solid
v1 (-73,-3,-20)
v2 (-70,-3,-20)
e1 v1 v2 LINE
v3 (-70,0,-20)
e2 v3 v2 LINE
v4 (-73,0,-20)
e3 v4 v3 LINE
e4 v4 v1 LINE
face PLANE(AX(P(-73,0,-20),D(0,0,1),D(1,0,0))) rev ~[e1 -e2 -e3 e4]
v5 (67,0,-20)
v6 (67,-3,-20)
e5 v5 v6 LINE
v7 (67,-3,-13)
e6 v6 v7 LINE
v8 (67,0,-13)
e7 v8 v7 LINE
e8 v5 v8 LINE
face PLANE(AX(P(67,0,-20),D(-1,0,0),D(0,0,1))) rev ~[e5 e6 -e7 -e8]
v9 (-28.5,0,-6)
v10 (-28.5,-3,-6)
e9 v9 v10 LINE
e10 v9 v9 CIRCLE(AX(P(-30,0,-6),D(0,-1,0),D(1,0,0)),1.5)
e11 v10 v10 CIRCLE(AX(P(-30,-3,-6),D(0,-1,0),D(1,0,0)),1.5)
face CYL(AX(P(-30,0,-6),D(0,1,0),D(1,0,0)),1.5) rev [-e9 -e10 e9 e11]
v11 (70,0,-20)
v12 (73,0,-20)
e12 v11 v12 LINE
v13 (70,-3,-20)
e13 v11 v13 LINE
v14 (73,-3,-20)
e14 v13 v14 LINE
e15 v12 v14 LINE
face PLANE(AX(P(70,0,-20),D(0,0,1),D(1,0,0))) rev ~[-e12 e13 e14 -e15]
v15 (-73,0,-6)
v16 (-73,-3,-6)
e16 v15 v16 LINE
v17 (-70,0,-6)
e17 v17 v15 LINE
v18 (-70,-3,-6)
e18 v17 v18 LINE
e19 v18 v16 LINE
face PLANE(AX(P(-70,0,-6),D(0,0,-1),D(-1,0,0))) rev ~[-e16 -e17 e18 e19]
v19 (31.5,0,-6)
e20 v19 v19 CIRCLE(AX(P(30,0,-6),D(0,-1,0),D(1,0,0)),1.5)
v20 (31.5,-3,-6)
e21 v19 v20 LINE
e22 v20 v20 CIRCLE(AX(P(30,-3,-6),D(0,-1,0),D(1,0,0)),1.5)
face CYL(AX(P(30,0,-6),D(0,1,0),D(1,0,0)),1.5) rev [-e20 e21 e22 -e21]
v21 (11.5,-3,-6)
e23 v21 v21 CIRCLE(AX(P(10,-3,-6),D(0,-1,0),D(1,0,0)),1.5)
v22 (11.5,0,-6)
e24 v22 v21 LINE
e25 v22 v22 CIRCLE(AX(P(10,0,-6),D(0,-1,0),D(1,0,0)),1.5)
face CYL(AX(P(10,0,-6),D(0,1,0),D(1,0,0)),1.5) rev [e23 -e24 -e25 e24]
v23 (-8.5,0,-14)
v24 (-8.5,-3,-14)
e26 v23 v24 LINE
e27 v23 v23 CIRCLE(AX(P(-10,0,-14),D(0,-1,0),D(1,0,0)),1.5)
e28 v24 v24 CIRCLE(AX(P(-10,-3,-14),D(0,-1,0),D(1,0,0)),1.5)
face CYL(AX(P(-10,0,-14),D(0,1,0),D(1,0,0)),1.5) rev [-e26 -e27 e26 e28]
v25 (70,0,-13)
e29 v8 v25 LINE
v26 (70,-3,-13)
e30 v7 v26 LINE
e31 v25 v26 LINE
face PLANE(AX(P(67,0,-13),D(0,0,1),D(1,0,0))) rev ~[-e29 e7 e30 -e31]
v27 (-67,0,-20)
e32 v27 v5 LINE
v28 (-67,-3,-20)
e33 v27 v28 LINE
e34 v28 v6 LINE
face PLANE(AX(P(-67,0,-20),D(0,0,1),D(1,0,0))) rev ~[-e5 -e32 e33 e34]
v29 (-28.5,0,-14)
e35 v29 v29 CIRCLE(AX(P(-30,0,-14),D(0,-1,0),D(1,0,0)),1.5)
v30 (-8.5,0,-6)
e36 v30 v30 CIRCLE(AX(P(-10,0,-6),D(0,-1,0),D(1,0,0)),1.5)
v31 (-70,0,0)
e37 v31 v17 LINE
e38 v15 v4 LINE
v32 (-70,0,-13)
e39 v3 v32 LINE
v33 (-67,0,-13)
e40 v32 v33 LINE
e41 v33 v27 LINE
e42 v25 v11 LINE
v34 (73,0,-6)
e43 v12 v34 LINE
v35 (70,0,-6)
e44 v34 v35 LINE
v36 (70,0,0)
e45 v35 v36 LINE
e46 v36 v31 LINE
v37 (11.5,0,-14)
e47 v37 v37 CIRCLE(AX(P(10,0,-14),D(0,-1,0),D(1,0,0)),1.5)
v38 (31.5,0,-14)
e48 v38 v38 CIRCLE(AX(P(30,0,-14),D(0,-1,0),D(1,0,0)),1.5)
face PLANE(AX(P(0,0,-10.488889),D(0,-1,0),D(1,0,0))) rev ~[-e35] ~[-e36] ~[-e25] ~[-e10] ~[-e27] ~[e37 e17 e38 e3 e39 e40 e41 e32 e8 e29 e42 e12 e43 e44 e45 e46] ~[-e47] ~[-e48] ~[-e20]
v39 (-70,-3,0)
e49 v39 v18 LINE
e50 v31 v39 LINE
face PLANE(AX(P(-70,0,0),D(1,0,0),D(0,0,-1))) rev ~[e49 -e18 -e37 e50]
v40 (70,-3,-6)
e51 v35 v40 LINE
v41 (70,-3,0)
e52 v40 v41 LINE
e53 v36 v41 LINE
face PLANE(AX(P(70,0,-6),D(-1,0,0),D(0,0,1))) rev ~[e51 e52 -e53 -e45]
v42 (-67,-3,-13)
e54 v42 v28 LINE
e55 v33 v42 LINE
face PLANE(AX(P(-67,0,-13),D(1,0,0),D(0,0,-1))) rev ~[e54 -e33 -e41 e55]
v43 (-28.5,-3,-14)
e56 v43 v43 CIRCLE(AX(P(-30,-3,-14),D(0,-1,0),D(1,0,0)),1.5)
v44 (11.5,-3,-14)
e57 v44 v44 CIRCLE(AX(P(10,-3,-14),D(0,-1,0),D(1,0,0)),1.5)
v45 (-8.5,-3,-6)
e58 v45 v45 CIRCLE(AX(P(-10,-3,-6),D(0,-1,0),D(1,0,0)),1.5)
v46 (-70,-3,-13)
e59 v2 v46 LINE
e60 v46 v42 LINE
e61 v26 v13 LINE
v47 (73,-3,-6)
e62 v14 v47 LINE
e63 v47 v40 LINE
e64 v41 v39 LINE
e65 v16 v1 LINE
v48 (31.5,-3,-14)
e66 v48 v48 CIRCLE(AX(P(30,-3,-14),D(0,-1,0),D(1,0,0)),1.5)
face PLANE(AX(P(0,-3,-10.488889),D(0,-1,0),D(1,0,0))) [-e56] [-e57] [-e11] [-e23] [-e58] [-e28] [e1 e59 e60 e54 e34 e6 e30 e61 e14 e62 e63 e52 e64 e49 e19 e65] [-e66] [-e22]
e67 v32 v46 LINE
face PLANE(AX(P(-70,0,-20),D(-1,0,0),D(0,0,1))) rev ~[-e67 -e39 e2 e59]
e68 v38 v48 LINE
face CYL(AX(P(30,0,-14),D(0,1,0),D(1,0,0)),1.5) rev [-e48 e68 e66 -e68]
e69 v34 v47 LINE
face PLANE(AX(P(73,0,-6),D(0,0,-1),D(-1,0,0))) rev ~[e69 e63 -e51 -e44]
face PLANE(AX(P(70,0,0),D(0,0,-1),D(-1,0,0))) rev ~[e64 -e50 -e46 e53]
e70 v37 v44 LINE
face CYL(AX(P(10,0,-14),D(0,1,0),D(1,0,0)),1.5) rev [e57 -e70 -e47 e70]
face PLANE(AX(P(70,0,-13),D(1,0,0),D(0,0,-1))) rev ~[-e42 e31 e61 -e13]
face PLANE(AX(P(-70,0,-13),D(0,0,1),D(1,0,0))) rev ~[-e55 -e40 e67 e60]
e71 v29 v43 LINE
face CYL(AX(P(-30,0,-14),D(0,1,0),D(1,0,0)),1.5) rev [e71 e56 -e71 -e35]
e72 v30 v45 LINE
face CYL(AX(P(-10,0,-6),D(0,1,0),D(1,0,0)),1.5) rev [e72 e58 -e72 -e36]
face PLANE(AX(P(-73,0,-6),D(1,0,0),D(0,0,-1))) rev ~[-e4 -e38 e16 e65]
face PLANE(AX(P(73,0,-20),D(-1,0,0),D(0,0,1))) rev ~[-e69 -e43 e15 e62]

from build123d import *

# Parameters (mm, degrees)
F0_R     = 1.5
F1_DEPTH = 3


with BuildPart() as f1:
    # F0 (on Front) → F1 (new body)
    with BuildSketch(Plane.XZ):
        Polygon((70, 0), (0, 0), (-70, 0), (-70, -6), (-73, -6), (-73, -20), (-70, -20), (-70, -13), (-67, -13), (-67, -20), (0, -20), (67, -20), (67, -13), (70, -13), (70, -20), (73, -20), (73, -6), (70, -6), align=None)
        with Locations((-30, -14)):
            Circle(F0_R, mode=Mode.SUBTRACT)
        with Locations((-10, -14)):
            Circle(F0_R, mode=Mode.SUBTRACT)
        with Locations((10, -14)):
            Circle(F0_R, mode=Mode.SUBTRACT)
        with Locations((30, -14)):
            Circle(F0_R, mode=Mode.SUBTRACT)
        with Locations((-30, -6)):
            Circle(F0_R, mode=Mode.SUBTRACT)
        with Locations((-10, -6)):
            Circle(F0_R, mode=Mode.SUBTRACT)
        with Locations((10, -6)):
            Circle(F0_R, mode=Mode.SUBTRACT)
        with Locations((30, -6)):
            Circle(F0_R, mode=Mode.SUBTRACT)
    extrude(amount=F1_DEPTH)


solid = f1.part
